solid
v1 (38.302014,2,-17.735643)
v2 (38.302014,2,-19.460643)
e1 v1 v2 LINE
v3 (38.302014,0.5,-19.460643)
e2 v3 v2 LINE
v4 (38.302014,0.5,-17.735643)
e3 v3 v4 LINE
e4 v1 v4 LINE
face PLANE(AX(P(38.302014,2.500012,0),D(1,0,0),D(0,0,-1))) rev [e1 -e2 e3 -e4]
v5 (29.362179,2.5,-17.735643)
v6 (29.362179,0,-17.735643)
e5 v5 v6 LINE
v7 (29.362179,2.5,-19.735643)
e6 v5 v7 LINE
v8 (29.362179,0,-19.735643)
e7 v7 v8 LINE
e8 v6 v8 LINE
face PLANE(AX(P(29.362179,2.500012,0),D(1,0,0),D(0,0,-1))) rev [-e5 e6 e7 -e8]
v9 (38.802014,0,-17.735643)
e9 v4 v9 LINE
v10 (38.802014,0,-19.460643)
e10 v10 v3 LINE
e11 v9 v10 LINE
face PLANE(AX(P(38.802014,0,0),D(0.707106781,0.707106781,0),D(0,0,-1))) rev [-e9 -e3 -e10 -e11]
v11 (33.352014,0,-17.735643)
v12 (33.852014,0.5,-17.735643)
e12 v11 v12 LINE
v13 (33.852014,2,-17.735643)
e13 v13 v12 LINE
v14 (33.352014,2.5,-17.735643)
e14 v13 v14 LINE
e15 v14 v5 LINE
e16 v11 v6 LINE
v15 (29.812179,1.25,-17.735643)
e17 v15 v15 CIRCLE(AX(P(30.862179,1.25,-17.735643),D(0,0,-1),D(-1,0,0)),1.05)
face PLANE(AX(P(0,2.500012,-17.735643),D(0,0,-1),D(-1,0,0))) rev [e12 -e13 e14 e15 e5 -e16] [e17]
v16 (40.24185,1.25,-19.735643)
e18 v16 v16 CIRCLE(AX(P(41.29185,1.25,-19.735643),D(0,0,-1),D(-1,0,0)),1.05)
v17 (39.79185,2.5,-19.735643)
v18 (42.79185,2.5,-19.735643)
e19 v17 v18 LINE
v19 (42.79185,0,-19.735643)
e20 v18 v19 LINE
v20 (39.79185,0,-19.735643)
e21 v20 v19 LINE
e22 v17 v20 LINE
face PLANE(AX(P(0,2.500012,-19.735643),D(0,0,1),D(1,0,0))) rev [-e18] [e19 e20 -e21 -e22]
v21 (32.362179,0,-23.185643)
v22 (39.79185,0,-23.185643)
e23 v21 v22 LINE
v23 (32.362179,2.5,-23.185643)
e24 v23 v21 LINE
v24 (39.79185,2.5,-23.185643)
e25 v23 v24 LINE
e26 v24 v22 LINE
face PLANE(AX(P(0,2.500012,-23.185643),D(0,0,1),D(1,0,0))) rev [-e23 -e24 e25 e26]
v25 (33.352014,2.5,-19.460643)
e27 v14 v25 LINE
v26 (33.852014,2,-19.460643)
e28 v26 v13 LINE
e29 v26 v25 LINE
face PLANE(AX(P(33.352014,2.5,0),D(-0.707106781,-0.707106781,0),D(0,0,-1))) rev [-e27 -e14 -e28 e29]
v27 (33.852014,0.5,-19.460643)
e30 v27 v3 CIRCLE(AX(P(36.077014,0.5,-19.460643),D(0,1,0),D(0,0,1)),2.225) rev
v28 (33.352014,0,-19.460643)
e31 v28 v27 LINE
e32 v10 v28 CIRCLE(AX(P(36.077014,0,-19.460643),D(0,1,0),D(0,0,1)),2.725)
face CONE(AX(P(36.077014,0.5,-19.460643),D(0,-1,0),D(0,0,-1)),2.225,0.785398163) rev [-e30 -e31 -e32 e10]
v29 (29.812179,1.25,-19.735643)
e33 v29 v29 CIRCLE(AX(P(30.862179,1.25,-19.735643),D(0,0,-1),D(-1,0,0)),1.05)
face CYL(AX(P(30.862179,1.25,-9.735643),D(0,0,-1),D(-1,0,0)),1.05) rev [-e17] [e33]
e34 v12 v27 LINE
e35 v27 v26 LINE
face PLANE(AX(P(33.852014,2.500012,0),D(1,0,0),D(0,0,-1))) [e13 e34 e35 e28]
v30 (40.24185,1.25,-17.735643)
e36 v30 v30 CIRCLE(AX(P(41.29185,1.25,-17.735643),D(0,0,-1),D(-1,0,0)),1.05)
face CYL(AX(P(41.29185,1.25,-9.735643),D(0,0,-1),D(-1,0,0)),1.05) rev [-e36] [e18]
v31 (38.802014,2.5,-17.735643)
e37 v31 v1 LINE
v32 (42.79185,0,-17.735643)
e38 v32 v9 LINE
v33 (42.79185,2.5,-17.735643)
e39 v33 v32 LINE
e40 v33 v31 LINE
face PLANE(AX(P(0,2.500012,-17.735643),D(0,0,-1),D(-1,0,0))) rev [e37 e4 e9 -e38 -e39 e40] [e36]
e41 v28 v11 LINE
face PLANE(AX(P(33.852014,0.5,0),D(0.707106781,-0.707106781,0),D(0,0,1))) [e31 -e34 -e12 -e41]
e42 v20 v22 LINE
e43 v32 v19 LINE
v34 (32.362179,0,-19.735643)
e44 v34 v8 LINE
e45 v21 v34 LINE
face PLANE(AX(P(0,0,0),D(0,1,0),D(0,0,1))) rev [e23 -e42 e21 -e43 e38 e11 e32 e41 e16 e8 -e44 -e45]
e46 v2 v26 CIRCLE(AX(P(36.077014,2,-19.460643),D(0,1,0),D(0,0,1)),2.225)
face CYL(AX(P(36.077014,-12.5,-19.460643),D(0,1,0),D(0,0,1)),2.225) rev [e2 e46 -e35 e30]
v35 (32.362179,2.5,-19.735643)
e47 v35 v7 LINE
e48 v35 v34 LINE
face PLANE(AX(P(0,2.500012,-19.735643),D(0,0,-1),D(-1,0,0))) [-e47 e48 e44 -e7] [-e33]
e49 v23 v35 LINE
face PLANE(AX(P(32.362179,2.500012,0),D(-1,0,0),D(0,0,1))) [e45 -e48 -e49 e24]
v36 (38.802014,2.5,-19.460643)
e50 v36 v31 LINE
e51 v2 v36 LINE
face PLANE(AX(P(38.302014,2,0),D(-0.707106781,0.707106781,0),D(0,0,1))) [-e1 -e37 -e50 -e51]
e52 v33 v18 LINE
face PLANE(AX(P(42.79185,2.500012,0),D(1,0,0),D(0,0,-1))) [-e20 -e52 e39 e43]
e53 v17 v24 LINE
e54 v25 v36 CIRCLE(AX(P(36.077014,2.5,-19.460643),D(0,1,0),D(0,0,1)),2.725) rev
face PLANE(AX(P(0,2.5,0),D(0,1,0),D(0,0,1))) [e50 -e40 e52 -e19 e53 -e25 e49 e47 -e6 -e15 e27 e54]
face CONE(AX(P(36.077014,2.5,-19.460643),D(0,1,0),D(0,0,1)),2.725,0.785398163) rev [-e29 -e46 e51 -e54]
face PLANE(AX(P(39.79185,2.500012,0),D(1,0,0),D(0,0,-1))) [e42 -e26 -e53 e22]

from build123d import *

# Parameters (mm, degrees)
SKETCH1_W               = 72.154028999
SKETCH1_H               = 39.439030188
BOSS_EXTRUDE1_DEPTH     = 2.5
CUT_EXTRUDE1_DEPTH      = 83.26719275
CUT_EXTRUDE1_DEPTH_BACK = 15
SKETCH2_W               = 72.154028999
SKETCH2_H               = 39.439030188
CHAMFER1_SIZE           = 0.5
CHAMFER2_SIZE           = 0.5
CUT_EXTRUDE2_DEPTH      = 10


with BuildPart() as part:
    # Sketch1 → Boss-Extrude1 (new body)
    with BuildSketch(Plane(origin=(0, 0, 0), x_dir=(1, 0, 0), z_dir=(0, 1, 0))):
        with Locations((36.0770145, 19.719515094)):
            Rectangle(SKETCH1_W, SKETCH1_H)
    extrude(amount=BOSS_EXTRUDE1_DEPTH)

    # Sketch2 → Cut-Extrude1 (cut, two sides: drawn at the far end of the back side and taken through both)
    with BuildSketch(Plane(origin=(0, 2.5, 0), x_dir=(1, 0, 0), z_dir=(0, 1, 0)).offset(-CUT_EXTRUDE1_DEPTH_BACK)):
        with Locations((36.0770145, 19.719515094)):
            Rectangle(SKETCH2_W, SKETCH2_H)
        with BuildLine():
            Line((38.3020145, 17.735642877), (38.3020145, 19.460642877))
            ThreePointArc((38.3020145, 19.460642877), (36.0770145, 21.685642877), (33.8520145, 19.460642877))
            Line((33.8520145, 19.460642877), (33.8520145, 17.735642877))
            Line((33.8520145, 17.735642877), (29.362179375, 17.735642877))
            Line((29.362179375, 17.735642877), (29.362179375, 19.735642877))
            Line((29.362179375, 19.735642877), (32.362179375, 19.735642877))
            Line((32.362179375, 19.735642877), (32.362179375, 23.185642877))
            Line((32.362179375, 23.185642877), (39.791849624, 23.185642877))
            Line((39.791849624, 23.185642877), (39.791849624, 19.735642877))
            Line((39.791849624, 19.735642877), (42.791849624, 19.735642877))
            Line((42.791849624, 19.735642877), (42.791849624, 17.735642877))
            Line((42.791849624, 17.735642877), (38.3020145, 17.735642877))
        make_face(mode=Mode.SUBTRACT)
    extrude(amount=CUT_EXTRUDE1_DEPTH + CUT_EXTRUDE1_DEPTH_BACK, mode=Mode.SUBTRACT)

    # Chamfer1
    chamfer1_edges = [part.edges().sort_by_distance(p)[0] for p in [
        (36.0770145, 0, -21.685642877),
        (33.8520145, 0, -18.598142877),
        (38.3020145, 0, -18.598142877),
    ]]
    chamfer(chamfer1_edges, length=CHAMFER1_SIZE)

    # Chamfer2
    chamfer2_edges = [part.edges().sort_by_distance(p)[0] for p in [
        (38.3020145, 2.5, -18.598142877),
        (33.8520145, 2.5, -18.598142877),
        (36.0770145, 2.5, -21.685642877),
    ]]
    chamfer(chamfer2_edges, length=CHAMFER2_SIZE)

    # Sketch4 → Cut-Extrude2 (cut)
    with BuildSketch(Plane(origin=(0, 0, -19.735642877), x_dir=(-1, 0, 0), z_dir=(0, 0, -1))):
        with BuildLine():
            ThreePointArc((-42.341849624, 1.25), (-41.291849624, 0.2), (-40.241849624, 1.25))
            Line((-40.241849624, 1.25), (-42.341849624, 1.25))
        make_face()
        with BuildLine():
            Line((-42.341849624, 1.25), (-40.241849624, 1.25))
            ThreePointArc((-40.241849624, 1.25), (-41.291849624, 2.3), (-42.341849624, 1.25))
        make_face()
        with BuildLine():
            ThreePointArc((-29.812179375, 1.25), (-30.862179375, 2.3), (-31.912179375, 1.25))
            Line((-31.912179375, 1.25), (-29.812179375, 1.25))
        make_face()
        with BuildLine():
            Line((-29.812179375, 1.25), (-31.912179375, 1.25))
            ThreePointArc((-31.912179375, 1.25), (-30.862179375, 0.2), (-29.812179375, 1.25))
        make_face()
    extrude(amount=-CUT_EXTRUDE2_DEPTH, mode=Mode.SUBTRACT)


solid = part.part
